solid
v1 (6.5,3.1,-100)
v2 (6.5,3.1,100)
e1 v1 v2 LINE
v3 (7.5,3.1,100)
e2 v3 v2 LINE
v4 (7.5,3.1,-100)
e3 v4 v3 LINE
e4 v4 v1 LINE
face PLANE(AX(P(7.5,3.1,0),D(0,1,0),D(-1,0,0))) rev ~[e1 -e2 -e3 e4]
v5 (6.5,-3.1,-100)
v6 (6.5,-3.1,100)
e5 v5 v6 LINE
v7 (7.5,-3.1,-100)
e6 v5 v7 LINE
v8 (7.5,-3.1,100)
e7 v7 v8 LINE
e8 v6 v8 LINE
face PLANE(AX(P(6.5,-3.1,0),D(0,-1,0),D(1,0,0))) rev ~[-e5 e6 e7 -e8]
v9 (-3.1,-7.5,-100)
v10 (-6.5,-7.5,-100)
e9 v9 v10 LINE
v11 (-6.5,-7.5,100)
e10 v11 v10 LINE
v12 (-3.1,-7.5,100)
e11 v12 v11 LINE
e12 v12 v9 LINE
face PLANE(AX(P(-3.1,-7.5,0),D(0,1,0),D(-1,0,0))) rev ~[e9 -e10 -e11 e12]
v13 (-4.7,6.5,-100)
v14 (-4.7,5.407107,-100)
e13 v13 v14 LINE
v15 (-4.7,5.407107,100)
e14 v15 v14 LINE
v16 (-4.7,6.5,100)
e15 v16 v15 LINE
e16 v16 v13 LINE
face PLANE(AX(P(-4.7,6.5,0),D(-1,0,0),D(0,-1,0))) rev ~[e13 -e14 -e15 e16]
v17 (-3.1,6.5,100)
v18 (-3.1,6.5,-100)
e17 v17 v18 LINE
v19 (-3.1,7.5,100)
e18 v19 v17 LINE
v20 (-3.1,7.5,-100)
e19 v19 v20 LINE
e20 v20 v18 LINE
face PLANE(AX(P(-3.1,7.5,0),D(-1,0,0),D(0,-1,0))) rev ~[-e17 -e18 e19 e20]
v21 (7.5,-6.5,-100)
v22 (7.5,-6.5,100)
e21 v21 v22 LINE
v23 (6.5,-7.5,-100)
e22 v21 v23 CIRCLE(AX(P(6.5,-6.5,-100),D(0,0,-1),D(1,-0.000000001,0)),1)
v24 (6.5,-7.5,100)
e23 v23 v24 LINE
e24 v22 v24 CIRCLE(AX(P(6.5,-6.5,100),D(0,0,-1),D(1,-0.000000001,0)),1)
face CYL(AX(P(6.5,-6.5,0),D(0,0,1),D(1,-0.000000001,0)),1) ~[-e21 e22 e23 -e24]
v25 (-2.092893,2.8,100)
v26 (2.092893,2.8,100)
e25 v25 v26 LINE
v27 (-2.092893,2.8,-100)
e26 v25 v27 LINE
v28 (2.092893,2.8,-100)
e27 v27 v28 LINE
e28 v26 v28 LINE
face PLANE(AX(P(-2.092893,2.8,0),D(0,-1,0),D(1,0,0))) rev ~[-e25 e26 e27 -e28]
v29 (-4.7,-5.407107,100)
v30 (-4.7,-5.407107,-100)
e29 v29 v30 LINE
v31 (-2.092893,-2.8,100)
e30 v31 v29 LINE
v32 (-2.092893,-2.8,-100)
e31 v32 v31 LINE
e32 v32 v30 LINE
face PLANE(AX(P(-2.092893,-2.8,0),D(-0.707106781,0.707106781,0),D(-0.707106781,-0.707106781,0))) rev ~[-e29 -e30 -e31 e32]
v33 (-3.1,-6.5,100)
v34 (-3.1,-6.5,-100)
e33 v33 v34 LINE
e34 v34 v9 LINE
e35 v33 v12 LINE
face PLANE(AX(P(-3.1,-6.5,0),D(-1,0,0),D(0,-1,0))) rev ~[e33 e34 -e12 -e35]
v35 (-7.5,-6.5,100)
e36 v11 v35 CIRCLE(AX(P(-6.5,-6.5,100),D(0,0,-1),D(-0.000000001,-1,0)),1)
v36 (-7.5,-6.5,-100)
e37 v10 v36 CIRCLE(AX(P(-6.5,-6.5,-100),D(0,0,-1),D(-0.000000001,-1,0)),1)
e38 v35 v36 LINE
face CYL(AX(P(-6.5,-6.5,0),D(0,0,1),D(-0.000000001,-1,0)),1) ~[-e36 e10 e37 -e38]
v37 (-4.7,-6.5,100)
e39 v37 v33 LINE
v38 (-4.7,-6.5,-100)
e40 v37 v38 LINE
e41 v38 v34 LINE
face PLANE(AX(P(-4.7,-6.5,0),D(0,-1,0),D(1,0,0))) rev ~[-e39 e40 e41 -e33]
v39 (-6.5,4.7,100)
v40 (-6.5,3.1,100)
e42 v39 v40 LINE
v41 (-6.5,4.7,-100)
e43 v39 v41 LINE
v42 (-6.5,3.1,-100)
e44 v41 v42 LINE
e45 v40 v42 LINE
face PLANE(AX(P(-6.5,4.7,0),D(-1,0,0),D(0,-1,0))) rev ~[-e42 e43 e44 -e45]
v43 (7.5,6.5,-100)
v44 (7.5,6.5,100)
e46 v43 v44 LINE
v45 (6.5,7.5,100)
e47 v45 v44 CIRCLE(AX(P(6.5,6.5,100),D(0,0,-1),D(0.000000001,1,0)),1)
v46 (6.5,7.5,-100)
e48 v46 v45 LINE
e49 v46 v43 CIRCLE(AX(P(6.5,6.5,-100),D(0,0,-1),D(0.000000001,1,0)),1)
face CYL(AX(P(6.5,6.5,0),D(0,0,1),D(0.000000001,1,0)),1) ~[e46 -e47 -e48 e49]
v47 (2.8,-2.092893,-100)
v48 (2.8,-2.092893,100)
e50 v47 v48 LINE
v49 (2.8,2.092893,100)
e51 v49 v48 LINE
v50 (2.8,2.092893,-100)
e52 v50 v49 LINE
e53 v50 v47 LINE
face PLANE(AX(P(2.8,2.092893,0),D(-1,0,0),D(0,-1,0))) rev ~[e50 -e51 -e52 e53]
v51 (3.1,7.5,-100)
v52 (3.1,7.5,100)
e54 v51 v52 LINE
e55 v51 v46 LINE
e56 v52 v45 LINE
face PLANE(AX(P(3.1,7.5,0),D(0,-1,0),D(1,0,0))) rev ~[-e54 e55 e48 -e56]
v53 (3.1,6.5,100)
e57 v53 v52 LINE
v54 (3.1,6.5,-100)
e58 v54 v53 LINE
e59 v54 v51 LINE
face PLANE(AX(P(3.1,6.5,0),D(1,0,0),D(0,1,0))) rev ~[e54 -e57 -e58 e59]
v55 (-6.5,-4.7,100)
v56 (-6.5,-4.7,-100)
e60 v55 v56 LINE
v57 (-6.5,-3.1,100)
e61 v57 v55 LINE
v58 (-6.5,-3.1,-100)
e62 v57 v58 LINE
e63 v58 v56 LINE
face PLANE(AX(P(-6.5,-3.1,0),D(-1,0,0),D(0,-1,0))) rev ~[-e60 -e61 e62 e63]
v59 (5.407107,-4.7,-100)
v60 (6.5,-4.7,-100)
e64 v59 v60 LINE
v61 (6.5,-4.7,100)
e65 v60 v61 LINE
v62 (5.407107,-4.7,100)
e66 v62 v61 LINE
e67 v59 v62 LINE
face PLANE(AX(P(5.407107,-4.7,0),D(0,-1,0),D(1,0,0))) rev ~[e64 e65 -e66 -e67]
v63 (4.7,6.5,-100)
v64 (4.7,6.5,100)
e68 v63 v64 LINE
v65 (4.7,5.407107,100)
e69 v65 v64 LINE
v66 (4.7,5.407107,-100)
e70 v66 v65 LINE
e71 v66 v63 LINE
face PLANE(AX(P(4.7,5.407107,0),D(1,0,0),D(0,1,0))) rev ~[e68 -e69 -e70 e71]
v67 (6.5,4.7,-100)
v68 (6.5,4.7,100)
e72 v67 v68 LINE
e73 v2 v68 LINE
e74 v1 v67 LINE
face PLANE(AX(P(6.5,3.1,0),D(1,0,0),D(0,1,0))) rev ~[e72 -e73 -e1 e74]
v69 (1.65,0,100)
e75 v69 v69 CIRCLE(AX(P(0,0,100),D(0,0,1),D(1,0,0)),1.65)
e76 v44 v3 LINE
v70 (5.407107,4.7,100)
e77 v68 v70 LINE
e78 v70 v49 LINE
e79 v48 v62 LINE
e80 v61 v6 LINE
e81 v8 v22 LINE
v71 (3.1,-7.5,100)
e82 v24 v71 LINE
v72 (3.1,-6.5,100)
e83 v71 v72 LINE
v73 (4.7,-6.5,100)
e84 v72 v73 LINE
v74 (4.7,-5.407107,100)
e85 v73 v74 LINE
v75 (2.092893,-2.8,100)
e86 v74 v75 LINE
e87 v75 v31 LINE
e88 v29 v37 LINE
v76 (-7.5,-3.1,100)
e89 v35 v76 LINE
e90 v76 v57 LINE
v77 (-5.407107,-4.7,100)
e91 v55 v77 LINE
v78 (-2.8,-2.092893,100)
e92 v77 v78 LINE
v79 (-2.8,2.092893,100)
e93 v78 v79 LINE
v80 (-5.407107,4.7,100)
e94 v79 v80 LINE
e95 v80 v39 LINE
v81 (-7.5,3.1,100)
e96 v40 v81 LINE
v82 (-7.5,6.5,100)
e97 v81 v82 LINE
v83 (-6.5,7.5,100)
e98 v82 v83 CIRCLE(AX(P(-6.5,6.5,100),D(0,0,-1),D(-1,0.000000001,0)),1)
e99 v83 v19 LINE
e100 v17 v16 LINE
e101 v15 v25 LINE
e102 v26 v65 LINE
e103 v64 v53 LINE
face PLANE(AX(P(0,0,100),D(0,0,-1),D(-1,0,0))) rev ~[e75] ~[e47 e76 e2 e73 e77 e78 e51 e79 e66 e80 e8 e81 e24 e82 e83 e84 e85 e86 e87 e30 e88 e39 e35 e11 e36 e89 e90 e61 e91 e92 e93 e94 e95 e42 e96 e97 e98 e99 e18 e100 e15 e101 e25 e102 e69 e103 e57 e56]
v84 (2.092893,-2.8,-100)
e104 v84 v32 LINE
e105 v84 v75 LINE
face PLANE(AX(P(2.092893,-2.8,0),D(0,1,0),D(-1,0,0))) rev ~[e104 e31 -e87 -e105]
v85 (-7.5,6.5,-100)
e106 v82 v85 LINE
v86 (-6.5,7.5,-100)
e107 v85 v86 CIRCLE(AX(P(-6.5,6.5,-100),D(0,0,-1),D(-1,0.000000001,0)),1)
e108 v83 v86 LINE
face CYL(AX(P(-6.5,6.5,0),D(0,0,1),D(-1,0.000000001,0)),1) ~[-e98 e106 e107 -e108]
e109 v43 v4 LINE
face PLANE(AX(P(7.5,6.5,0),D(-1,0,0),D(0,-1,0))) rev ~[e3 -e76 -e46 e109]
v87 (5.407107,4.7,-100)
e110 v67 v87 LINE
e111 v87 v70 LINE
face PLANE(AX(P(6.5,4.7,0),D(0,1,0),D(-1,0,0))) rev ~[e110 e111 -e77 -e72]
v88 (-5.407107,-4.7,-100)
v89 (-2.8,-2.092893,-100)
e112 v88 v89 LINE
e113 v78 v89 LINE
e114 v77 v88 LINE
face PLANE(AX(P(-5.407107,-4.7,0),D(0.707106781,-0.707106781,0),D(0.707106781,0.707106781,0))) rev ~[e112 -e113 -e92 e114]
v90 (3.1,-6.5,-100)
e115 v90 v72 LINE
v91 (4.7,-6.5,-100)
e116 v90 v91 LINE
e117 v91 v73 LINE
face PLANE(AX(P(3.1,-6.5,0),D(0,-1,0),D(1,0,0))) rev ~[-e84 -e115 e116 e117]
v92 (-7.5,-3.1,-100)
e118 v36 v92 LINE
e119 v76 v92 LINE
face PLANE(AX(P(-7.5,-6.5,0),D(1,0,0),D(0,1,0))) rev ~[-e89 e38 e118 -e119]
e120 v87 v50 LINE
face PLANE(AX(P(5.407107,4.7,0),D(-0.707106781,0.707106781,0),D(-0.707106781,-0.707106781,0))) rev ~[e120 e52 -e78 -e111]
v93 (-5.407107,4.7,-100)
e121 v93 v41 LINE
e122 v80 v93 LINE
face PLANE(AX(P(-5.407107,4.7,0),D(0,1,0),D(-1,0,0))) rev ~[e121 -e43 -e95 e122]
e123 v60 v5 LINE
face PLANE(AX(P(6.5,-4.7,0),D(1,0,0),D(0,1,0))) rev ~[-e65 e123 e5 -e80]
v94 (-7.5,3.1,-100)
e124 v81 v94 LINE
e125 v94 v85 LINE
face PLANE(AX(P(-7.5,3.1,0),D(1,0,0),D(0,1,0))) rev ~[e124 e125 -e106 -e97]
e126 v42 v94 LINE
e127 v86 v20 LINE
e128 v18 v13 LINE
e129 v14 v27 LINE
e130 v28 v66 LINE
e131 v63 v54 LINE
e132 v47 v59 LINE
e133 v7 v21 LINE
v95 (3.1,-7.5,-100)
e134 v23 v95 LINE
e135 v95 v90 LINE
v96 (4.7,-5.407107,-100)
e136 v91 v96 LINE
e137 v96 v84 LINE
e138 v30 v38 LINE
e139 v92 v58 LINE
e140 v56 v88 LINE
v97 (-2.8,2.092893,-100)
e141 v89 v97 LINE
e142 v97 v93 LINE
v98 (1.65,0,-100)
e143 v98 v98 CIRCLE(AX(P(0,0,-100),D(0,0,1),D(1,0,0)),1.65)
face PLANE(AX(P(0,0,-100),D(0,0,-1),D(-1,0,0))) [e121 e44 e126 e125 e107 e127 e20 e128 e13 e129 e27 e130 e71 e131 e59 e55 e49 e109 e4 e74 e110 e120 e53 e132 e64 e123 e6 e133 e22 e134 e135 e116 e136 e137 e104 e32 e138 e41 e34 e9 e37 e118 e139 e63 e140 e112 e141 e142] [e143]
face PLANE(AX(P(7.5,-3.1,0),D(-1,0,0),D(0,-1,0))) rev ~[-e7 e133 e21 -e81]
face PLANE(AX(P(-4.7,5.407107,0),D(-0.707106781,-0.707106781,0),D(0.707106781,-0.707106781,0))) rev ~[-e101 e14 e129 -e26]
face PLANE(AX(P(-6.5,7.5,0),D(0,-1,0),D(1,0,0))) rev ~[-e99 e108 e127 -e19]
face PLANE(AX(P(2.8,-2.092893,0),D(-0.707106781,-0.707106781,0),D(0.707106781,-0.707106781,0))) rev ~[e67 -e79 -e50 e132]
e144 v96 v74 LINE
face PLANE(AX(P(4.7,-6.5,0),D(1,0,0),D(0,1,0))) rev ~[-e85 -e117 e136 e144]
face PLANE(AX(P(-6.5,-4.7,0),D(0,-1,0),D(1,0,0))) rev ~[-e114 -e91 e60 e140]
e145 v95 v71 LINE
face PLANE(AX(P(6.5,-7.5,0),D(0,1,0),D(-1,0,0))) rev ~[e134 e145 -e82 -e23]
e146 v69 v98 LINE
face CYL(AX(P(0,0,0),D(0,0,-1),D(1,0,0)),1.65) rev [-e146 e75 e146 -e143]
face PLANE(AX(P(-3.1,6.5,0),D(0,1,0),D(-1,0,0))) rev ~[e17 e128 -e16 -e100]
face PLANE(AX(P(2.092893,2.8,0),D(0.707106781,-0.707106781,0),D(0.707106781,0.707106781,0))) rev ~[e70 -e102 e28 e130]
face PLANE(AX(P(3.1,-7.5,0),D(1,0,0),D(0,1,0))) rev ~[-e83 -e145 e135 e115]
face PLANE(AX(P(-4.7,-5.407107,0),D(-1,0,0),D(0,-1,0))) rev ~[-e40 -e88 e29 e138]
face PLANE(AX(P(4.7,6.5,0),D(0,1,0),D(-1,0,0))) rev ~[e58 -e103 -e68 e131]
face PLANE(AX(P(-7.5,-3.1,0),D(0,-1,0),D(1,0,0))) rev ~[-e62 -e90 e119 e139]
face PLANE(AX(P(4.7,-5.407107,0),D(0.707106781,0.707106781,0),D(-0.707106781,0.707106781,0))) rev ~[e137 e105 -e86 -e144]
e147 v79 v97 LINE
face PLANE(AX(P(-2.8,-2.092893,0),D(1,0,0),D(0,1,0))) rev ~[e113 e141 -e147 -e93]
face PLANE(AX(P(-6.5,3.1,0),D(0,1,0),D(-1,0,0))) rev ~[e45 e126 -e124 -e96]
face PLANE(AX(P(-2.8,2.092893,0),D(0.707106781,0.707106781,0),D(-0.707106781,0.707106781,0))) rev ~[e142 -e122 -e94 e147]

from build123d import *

# Parameters (mm, degrees)
SKETCH_2_R      = 1.65
EXTRUDE_1_DEPTH = 100


with BuildPart() as part:
    # 草图2 → 凸台-拉伸1 (new, symmetric)
    with BuildSketch(Plane.XY):
        with BuildLine():
            Line((-2.092893219, -2.8), (-4.7, -5.407106781))
            Line((-4.7, -5.407106781), (-4.7, -6.5))
            Line((-4.7, -6.5), (-3.1, -6.5))
            Line((-3.1, -6.5), (-3.1, -7.5))
            Line((-3.1, -7.5), (-6.5, -7.5))
            ThreePointArc((-6.5, -7.5), (-7.207106781, -7.207106781), (-7.5, -6.5))
            Line((-7.5, -6.5), (-7.5, -3.1))
            Line((-7.5, -3.1), (-6.5, -3.1))
            Line((-6.5, -3.1), (-6.5, -4.7))
            Line((-6.5, -4.7), (-5.407106781, -4.7))
            Line((-5.407106781, -4.7), (-2.8, -2.092893219))
            Line((-2.8, -2.092893219), (-2.8, 2.092893219))
            Line((-2.8, 2.092893219), (-5.407106781, 4.7))
            Line((-5.407106781, 4.7), (-6.5, 4.7))
            Line((-6.5, 4.7), (-6.5, 3.1))
            Line((-6.5, 3.1), (-7.5, 3.1))
            Line((-7.5, 3.1), (-7.5, 6.5))
            ThreePointArc((-7.5, 6.5), (-7.207106781, 7.207106781), (-6.5, 7.5))
            Line((-6.5, 7.5), (-3.1, 7.5))
            Line((-3.1, 7.5), (-3.1, 6.5))
            Line((-3.1, 6.5), (-4.7, 6.5))
            Line((-4.7, 6.5), (-4.7, 5.407106781))
            Line((-4.7, 5.407106781), (-2.092893219, 2.8))
            Line((-2.092893219, 2.8), (2.092893219, 2.8))
            Line((2.092893219, 2.8), (4.7, 5.407106781))
            Line((4.7, 5.407106781), (4.7, 6.5))
            Line((4.7, 6.5), (3.1, 6.5))
            Line((3.1, 6.5), (3.1, 7.5))
            Line((3.1, 7.5), (6.5, 7.5))
            ThreePointArc((6.5, 7.5), (7.207106781, 7.207106781), (7.5, 6.5))
            Line((7.5, 6.5), (7.5, 3.1))
            Line((7.5, 3.1), (6.5, 3.1))
            Line((6.5, 3.1), (6.5, 4.7))
            Line((6.5, 4.7), (5.407106781, 4.7))
            Line((5.407106781, 4.7), (2.8, 2.092893219))
            Line((2.8, 2.092893219), (2.8, -2.092893219))
            Line((2.8, -2.092893219), (5.407106781, -4.7))
            Line((5.407106781, -4.7), (6.5, -4.7))
            Line((6.5, -4.7), (6.5, -3.1))
            Line((6.5, -3.1), (7.5, -3.1))
            Line((7.5, -3.1), (7.5, -6.5))
            ThreePointArc((7.5, -6.5), (7.207106781, -7.207106781), (6.5, -7.5))
            Line((6.5, -7.5), (3.1, -7.5))
            Line((3.1, -7.5), (3.1, -6.5))
            Line((3.1, -6.5), (4.7, -6.5))
            Line((4.7, -6.5), (4.7, -5.407106781))
            Line((4.7, -5.407106781), (2.092893219, -2.8))
            Line((2.092893219, -2.8), (-2.092893219, -2.8))
        make_face()
        Circle(SKETCH_2_R, mode=Mode.SUBTRACT)
    extrude(amount=EXTRUDE_1_DEPTH, both=True)


solid = part.part
